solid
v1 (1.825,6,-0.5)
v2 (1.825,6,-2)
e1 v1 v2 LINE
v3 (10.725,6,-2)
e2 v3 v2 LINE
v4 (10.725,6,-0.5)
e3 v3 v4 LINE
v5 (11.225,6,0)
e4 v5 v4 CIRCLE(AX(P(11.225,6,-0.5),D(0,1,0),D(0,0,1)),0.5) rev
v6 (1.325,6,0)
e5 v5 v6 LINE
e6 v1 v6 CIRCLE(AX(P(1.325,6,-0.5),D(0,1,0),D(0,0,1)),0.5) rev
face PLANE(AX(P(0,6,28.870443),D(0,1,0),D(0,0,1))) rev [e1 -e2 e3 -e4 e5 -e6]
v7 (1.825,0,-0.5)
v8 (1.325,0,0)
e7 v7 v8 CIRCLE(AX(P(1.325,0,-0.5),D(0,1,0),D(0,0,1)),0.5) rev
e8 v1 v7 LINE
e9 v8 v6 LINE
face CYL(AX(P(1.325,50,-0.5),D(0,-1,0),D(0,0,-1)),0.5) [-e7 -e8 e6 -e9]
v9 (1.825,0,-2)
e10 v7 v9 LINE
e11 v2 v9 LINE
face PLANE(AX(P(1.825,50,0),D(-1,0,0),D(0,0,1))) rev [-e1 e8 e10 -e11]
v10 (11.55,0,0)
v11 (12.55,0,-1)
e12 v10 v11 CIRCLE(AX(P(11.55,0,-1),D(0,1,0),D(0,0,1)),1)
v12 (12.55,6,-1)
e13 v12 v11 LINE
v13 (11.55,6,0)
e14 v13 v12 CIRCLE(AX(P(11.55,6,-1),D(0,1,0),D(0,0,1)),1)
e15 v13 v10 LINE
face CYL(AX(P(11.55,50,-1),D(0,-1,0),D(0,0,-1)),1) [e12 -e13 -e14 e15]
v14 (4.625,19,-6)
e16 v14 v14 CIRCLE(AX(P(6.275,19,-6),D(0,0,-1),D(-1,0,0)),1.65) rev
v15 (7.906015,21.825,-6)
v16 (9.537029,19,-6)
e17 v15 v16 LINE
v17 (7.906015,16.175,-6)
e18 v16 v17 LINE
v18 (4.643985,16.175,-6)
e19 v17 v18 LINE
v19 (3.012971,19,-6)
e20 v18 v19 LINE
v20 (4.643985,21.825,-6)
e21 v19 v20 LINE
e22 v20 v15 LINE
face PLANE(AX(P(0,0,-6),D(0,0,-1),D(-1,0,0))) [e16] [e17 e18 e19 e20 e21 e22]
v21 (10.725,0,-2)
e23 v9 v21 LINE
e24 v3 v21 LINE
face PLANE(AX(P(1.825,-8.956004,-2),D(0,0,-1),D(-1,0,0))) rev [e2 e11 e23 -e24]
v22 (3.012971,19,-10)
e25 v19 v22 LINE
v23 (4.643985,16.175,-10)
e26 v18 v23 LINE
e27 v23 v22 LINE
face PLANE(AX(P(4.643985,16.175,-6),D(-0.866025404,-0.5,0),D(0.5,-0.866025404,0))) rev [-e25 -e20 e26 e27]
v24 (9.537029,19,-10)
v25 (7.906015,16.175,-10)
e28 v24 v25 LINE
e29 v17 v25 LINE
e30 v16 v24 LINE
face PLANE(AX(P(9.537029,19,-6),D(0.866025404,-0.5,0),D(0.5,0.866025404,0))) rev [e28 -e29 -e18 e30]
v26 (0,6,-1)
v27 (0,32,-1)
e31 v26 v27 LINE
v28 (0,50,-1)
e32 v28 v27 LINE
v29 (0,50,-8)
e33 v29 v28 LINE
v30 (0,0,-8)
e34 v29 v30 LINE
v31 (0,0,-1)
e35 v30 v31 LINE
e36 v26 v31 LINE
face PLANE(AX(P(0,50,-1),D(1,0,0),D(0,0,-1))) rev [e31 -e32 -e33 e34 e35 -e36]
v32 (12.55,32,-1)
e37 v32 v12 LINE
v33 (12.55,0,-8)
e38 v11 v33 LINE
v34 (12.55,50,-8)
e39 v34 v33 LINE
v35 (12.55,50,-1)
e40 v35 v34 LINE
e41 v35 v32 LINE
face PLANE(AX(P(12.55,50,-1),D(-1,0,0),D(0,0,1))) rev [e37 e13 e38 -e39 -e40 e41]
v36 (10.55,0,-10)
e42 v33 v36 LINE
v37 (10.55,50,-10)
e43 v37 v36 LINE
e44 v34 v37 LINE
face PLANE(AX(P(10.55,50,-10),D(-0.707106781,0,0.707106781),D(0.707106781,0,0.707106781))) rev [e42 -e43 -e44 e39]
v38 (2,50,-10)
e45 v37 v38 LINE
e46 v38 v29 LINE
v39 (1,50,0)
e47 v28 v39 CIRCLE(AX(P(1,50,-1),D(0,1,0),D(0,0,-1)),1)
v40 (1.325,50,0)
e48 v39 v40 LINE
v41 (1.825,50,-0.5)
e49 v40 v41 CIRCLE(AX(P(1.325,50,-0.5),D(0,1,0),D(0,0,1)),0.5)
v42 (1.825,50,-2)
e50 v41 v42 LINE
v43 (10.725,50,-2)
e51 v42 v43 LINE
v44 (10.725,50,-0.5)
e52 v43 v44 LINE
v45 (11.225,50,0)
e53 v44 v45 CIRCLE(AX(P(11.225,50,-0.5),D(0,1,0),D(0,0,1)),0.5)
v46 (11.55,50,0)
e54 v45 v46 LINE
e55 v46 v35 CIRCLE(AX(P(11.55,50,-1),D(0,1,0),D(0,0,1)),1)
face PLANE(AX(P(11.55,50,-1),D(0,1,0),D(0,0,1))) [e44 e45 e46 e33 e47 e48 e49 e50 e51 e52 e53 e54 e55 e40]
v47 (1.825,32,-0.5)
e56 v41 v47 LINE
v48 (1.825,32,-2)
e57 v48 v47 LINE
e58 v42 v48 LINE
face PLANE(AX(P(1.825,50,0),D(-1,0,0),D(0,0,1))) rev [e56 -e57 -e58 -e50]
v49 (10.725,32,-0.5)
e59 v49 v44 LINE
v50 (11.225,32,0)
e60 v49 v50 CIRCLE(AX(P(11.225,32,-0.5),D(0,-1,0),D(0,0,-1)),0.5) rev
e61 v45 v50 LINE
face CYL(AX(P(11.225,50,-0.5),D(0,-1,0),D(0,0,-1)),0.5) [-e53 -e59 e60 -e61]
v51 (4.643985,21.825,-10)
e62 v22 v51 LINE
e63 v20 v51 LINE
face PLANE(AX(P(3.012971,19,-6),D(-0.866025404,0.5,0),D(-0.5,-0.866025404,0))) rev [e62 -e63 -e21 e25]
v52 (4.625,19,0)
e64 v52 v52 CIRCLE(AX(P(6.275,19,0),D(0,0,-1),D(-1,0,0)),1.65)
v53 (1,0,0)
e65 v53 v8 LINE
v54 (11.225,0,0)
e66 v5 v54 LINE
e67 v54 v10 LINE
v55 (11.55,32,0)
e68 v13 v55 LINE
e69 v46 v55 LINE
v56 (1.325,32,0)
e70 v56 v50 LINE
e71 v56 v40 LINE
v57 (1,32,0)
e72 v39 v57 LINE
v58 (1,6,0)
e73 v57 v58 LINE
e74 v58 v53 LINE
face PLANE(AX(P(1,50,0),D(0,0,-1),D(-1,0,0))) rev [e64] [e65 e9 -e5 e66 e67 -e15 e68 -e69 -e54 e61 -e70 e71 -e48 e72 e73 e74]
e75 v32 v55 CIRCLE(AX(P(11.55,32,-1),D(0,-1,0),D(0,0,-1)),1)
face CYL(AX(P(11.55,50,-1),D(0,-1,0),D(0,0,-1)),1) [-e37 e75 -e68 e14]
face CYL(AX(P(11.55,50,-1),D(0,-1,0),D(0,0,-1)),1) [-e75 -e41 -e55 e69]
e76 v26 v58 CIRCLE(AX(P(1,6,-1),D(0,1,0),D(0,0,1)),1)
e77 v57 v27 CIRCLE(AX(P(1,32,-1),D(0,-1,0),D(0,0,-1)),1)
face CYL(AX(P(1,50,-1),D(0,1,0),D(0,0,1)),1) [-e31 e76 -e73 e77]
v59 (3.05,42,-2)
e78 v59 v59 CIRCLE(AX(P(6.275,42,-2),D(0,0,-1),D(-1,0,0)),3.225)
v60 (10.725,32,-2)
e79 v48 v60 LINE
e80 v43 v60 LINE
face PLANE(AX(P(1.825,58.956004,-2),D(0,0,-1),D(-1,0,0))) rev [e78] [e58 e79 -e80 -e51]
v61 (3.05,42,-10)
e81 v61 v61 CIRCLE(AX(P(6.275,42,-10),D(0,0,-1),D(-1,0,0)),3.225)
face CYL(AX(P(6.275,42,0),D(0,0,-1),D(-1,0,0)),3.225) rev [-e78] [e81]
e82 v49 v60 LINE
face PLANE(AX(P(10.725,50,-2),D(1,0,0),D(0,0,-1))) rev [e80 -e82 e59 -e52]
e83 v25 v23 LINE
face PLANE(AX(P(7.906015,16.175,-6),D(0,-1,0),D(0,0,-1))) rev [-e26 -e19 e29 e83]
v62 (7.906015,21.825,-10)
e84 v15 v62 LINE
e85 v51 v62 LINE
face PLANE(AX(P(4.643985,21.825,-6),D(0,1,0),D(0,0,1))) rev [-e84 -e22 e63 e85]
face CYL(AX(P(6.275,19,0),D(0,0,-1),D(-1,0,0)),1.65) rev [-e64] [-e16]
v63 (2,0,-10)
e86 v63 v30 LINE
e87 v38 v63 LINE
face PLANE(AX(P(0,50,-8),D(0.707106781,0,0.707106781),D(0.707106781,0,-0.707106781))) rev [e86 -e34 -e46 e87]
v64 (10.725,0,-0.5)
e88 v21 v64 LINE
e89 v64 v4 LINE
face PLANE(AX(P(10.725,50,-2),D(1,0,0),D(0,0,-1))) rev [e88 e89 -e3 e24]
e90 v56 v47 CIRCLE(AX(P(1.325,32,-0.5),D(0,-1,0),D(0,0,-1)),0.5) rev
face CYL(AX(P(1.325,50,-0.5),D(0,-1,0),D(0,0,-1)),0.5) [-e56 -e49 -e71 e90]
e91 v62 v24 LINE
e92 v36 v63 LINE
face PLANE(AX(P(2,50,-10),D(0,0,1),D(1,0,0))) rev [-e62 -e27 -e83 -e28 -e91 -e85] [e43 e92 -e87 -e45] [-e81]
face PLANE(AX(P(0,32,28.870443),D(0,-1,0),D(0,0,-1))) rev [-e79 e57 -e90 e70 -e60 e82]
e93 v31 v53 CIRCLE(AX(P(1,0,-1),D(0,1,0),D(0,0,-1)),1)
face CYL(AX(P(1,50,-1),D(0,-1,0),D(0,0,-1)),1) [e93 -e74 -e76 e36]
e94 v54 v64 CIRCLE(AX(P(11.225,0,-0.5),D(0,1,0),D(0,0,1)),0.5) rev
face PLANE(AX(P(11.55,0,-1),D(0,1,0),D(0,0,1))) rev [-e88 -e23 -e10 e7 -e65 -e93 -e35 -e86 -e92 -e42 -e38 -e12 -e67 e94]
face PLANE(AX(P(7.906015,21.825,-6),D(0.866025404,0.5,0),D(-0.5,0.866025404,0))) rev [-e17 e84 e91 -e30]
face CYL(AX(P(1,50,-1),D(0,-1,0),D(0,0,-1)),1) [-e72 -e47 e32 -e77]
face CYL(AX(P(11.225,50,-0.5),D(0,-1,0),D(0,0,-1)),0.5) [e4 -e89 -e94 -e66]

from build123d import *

# Parameters (mm, degrees)
BOSS_EXTRUDE1_DEPTH = 50
CUT_EXTRUDE2_DEPTH  = 53.511927217
FILLET1_R           = 0.5
SKETCH4_R           = 3.225
SKETCH4_R_2         = 1.65
CUT_EXTRUDE3_DEPTH  = 53.511927217
BOSS_EXTRUDE2_REACH = 54.024
SKETCH5_W           = 12.55
SKETCH5_H           = 26
SKETCH5_R           = 1.65
FILLET2_R           = 1
CUT_EXTRUDE4_DEPTH  = 4
BOSS_EXTRUDE3_DEPTH = 18
SKETCH8_R           = 3.225
CUT_EXTRUDE5_DEPTH  = 53.024056935
BOSS_EXTRUDE4_DEPTH = 6


with BuildPart() as part:
    # Sketch1 → Boss-Extrude1 (new body)
    with BuildSketch(Plane(origin=(0, 0, 0), x_dir=(1, 0, 0), z_dir=(0, 1, 0))):
        with BuildLine():
            Line((0, 8), (2, 10))
            Line((2, 10), (10.55, 10))
            Line((10.55, 10), (12.55, 8))
            Line((12.55, 8), (12.55, 1))
            ThreePointArc((12.55, 1), (12.257106781, 0.292893219), (11.55, 0))
            Line((11.55, 0), (1, 0))
            ThreePointArc((1, 0), (0.292893219, 0.292893219), (0, 1))
            Line((0, 1), (0, 8))
        make_face()
    extrude(amount=BOSS_EXTRUDE1_DEPTH)

    # Sketch3 → Cut-Extrude2 (cut, through all)
    with BuildSketch(Plane.XZ):
        Polygon((1.825, 0), (1.825, -2), (2.825, -3), (9.725, -3), (10.725, -2), (10.725, 0), align=None)
    extrude(amount=-CUT_EXTRUDE2_DEPTH, mode=Mode.SUBTRACT)

    # Fillet1
    fillet1_edges = [part.edges().sort_by_distance(p)[0] for p in [
        (1.825, 25, 0),
        (10.725, 25, 0),
    ]]
    fillet(fillet1_edges, radius=FILLET1_R)

    # Sketch4 → Cut-Extrude3 (cut, through all)
    with BuildSketch(Plane(origin=(0, 0, -10), x_dir=(-1, 0, 0), z_dir=(0, 0, -1))):
        with Locations((-6.275, 42)):
            Circle(SKETCH4_R)
        with Locations((-6.275, 19)):
            Circle(SKETCH4_R_2)
    extrude(amount=-CUT_EXTRUDE3_DEPTH, mode=Mode.SUBTRACT)

    # Boss-Extrude2: up to this face of the body (flat: up to its plane)
    boss_extrude2_end = Plane(part.part.faces().sort_by_distance((1.1625, 25, 0))[0])
    # Sketch5 → Boss-Extrude2 (add, up to the picked face)
    with BuildSketch(Plane.XY.offset(-3), mode=Mode.PRIVATE) as boss_extrude2_sk1:
        with Locations((6.275, 19)):
            Rectangle(SKETCH5_W, SKETCH5_H)
        with Locations(Location((6.275, 19, 0), (0, 0, 180))):
            Circle(SKETCH5_R, mode=Mode.SUBTRACT)
    boss_extrude2_tool1 = split(extrude(boss_extrude2_sk1.sketch, amount=BOSS_EXTRUDE2_REACH, mode=Mode.PRIVATE), bisect_by=boss_extrude2_end, keep=Keep.BOTH, mode=Mode.PRIVATE)
    add(boss_extrude2_tool1.solids().sort_by(Axis((6.275, 6.288704, -3), (0, 0, 1)))[0])

    # Fillet2
    fillet2_edges = [part.edges().sort_by_distance(p)[0] for p in [
        (12.55, 19, 0),
        (0, 19, 0),
    ]]
    fillet(fillet2_edges, radius=FILLET2_R)

    # Sketch6 → Cut-Extrude4 (cut)
    with BuildSketch(Plane(origin=(0, 0, -10), x_dir=(-1, 0, 0), z_dir=(0, 0, -1))):
        Polygon((-3.012970979, 19), (-4.64398549, 21.825), (-7.90601451, 21.825), (-9.537029021, 19), (-7.90601451, 16.175), (-4.64398549, 16.175), align=None)
    extrude(amount=-CUT_EXTRUDE4_DEPTH, mode=Mode.SUBTRACT)

    # Sketch7 → Boss-Extrude3 (add)
    with BuildSketch(Plane(origin=(0, 32, 0), x_dir=(1, 0, 0), z_dir=(0, 1, 0))):
        Polygon((1.825, 2), (10.725, 2), (9.725, 3), (2.825, 3), align=None)
    extrude(amount=BOSS_EXTRUDE3_DEPTH)

    # Sketch8 → Cut-Extrude5 (cut, through all)
    with BuildSketch(Plane(origin=(0, 0, -3), x_dir=(-1, 0, 0), z_dir=(0, 0, -1))):
        with Locations((-6.275, 42)):
            Circle(SKETCH8_R)
    extrude(amount=-CUT_EXTRUDE5_DEPTH, mode=Mode.SUBTRACT)

    # Sketch9 → Boss-Extrude4 (add)
    with BuildSketch(Plane.XZ.offset(-6)):
        Polygon((1.825, -2), (10.725, -2), (9.725, -3), (2.825, -3), align=None)
    extrude(amount=BOSS_EXTRUDE4_DEPTH)


solid = part.part
